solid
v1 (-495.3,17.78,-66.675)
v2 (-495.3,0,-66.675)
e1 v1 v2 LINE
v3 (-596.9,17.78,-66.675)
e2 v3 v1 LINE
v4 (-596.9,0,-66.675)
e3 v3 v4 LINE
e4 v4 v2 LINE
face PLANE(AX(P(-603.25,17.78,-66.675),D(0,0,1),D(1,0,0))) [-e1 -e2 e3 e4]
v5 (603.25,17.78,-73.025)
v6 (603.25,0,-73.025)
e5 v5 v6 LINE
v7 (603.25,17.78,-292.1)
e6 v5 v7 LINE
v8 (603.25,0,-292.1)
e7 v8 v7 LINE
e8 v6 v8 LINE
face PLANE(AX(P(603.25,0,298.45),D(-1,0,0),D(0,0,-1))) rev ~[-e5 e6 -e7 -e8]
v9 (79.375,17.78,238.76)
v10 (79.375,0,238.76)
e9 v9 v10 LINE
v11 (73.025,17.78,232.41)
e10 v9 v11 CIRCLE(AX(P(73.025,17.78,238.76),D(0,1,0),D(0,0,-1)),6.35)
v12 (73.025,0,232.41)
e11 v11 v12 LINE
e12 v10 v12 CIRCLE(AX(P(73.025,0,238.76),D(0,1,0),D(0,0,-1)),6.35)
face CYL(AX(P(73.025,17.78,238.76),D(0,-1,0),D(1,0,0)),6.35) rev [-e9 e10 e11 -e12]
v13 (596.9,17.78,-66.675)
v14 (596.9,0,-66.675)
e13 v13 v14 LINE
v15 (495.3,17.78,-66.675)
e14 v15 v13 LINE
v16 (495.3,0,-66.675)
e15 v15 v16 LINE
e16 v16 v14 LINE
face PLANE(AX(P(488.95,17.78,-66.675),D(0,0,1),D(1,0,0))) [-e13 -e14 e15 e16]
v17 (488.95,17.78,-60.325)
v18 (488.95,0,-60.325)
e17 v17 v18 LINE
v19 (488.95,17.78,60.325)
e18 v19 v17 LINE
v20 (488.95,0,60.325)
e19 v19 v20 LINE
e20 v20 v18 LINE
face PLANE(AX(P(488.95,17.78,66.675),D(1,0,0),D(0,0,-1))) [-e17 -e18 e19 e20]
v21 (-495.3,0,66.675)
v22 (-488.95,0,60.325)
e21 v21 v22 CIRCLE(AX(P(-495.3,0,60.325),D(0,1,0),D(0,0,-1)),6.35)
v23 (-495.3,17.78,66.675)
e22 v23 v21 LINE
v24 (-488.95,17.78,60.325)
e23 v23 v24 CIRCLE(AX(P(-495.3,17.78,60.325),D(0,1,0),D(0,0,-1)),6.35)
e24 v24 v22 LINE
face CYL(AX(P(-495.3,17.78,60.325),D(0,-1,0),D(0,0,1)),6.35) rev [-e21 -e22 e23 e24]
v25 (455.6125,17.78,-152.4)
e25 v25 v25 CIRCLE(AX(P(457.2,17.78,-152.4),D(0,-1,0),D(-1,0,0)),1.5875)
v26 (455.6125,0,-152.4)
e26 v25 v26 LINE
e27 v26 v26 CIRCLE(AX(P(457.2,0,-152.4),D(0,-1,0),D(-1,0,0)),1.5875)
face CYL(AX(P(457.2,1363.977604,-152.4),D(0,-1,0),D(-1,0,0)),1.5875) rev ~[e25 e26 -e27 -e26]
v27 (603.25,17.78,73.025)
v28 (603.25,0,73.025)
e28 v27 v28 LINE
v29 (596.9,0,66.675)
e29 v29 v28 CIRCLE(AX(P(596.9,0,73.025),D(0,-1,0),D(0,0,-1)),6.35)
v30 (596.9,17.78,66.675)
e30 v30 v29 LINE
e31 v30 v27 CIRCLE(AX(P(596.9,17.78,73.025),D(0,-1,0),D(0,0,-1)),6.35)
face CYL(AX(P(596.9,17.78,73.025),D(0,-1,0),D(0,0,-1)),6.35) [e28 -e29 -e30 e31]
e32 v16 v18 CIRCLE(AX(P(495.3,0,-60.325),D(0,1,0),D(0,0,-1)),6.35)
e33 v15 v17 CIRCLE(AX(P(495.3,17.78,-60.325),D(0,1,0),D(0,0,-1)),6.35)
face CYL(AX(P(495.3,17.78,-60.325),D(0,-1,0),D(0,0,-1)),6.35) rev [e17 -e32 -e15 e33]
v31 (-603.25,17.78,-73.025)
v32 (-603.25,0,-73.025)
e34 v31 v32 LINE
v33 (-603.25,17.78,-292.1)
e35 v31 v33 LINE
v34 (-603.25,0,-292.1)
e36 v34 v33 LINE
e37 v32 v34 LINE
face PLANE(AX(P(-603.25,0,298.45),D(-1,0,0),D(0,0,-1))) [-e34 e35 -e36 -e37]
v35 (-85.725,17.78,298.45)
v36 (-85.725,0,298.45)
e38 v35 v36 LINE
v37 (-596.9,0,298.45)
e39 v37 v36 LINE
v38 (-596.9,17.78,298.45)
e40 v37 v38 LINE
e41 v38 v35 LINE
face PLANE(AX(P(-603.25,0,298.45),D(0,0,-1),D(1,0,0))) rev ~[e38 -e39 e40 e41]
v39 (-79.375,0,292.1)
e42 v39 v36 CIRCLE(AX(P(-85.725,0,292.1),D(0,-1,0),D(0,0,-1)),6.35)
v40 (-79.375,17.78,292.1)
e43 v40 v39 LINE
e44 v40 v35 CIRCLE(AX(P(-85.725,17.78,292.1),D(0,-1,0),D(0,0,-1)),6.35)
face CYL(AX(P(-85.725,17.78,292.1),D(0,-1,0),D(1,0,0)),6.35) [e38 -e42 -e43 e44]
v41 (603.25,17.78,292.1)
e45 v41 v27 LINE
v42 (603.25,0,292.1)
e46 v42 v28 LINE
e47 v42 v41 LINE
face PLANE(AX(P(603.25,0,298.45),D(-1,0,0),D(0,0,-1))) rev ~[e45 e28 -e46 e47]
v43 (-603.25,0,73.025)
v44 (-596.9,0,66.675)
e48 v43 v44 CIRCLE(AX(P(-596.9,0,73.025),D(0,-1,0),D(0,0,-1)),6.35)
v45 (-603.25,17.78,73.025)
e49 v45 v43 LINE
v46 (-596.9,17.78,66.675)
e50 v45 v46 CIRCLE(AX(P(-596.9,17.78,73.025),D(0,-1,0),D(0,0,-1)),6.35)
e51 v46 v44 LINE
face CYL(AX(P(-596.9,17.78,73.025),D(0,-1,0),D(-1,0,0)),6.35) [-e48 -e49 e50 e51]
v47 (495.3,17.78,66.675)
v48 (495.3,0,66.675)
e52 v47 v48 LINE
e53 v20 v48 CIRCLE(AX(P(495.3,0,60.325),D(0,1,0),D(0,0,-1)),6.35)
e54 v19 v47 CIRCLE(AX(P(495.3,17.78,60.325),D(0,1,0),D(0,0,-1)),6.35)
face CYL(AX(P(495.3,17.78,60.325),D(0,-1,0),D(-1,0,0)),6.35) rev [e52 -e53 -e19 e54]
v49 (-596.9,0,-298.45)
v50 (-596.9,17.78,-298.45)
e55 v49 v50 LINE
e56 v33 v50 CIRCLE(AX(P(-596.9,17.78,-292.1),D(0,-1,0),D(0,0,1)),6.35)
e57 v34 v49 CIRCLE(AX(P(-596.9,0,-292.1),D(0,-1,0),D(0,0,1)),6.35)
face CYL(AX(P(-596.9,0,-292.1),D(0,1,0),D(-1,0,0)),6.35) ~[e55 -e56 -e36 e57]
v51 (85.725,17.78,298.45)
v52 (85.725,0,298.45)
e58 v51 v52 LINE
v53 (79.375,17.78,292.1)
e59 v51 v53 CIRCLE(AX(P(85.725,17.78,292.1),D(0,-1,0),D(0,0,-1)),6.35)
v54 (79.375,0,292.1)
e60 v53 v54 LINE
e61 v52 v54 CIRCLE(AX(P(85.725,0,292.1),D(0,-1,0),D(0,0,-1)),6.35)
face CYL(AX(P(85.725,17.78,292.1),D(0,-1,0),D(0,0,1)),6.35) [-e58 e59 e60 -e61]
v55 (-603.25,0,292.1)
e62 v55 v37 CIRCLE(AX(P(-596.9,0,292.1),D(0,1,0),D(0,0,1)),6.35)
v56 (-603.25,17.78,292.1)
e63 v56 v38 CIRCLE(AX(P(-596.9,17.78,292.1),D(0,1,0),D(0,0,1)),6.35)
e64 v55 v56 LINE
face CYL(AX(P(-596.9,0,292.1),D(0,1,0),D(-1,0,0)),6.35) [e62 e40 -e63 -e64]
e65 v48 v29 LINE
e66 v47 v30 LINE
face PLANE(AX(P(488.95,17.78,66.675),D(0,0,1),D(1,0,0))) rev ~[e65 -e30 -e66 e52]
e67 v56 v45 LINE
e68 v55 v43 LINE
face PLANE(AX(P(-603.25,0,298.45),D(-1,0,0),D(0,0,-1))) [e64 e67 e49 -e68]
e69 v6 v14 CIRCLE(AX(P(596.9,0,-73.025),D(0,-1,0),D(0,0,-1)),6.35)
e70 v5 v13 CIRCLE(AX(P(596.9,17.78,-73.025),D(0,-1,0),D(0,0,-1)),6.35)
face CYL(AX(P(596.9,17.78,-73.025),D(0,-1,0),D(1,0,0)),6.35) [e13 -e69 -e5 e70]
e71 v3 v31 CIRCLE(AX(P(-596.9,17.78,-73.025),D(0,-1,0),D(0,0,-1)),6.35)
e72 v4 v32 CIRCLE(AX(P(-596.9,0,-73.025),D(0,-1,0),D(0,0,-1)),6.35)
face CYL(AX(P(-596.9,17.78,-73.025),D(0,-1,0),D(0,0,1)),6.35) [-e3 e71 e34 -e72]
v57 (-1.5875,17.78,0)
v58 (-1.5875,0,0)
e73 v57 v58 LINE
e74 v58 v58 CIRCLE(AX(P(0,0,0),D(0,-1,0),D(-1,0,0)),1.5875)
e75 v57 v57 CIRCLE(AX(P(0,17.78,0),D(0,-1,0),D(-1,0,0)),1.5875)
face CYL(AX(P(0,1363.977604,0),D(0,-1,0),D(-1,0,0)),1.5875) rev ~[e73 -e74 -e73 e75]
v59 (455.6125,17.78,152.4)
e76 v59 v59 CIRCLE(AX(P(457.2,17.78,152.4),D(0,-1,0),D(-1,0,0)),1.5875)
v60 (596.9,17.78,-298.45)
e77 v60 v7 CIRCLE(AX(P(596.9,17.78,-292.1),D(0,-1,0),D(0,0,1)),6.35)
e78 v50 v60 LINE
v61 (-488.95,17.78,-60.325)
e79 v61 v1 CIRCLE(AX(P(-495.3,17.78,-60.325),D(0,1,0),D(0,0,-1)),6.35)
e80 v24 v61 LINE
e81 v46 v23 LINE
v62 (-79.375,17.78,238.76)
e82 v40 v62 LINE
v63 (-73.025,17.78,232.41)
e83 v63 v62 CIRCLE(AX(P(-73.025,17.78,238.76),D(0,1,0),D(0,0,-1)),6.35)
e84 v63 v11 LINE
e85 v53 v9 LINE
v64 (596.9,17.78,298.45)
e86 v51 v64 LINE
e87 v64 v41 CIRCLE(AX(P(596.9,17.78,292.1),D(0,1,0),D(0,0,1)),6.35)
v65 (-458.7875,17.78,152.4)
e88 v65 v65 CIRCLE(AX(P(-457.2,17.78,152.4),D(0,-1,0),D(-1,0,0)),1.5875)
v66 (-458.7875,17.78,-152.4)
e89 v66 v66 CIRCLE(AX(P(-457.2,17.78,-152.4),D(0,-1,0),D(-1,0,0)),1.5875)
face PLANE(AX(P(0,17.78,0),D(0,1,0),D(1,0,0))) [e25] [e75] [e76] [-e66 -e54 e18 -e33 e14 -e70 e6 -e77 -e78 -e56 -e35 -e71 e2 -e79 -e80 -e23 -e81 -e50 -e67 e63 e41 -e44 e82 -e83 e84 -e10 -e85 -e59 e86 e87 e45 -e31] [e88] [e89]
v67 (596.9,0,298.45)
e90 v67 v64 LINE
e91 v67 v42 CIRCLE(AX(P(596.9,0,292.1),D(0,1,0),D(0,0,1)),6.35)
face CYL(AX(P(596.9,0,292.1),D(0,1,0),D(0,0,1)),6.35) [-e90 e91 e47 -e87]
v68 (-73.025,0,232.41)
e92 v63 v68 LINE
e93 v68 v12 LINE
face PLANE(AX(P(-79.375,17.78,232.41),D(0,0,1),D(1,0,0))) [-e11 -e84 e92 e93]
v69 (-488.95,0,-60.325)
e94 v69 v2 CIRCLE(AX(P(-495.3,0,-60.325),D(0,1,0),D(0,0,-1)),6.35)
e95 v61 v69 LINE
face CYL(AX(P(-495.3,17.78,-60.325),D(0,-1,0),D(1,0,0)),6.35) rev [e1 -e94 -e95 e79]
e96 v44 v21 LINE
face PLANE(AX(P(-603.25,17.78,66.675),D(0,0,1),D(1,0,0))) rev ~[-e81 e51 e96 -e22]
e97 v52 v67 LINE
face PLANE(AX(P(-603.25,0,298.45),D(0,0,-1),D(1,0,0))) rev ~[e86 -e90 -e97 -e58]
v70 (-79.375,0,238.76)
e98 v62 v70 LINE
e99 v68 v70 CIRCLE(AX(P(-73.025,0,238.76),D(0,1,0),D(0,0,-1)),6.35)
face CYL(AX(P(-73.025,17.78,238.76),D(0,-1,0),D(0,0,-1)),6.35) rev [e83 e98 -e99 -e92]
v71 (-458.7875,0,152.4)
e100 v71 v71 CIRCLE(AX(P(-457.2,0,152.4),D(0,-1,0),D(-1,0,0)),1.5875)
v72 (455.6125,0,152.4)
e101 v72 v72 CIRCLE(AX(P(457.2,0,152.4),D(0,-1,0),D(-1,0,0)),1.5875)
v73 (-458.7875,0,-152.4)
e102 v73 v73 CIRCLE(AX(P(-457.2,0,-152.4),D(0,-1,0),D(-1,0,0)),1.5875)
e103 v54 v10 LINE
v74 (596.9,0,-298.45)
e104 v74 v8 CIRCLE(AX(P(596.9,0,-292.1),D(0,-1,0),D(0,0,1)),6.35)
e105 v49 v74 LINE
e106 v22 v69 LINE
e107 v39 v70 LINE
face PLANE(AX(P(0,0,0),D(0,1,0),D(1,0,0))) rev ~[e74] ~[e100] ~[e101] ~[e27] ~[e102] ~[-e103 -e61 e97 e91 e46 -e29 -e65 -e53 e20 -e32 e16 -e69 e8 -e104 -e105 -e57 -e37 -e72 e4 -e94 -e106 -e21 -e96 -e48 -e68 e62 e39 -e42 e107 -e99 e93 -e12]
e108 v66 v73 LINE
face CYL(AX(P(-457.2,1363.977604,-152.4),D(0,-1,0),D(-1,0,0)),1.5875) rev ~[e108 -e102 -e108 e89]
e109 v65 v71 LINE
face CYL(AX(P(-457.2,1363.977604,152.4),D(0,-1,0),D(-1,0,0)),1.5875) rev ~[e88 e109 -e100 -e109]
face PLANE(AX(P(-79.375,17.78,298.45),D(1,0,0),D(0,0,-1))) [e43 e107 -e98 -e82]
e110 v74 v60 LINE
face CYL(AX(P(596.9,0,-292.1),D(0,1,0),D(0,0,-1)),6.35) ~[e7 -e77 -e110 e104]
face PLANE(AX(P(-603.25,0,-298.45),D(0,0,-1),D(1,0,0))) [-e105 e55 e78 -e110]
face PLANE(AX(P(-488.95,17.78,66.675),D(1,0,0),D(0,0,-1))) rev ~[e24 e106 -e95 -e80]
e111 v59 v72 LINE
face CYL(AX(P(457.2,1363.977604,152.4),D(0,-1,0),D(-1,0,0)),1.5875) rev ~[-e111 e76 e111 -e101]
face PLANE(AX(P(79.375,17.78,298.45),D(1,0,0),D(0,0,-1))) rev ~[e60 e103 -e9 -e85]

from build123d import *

# Parameters (mm, degrees)
SKETCH1_W                    = 1206.5
SKETCH1_H                    = 596.9
BOSS_EXTRUDE1_DEPTH          = 17.78
F_1_8_0_125_DIAMETER_HOLE1_D = 3.175
FILLET1_R                    = 6.35
SKETCH4_W                    = 158.75
SKETCH4_H                    = 66.04
SKETCH4_W_2                  = 114.3
SKETCH4_H_2                  = 133.35
CUT_EXTRUDE1_DEPTH           = 18.78
FILLET2_R                    = 6.35


with BuildPart() as part:
    # Sketch1 → Boss-Extrude1 (new body)
    with BuildSketch(Plane(origin=(0, 0, 0), x_dir=(1, 0, 0), z_dir=(0, 1, 0))):
        Rectangle(SKETCH1_W, SKETCH1_H)
    extrude(amount=BOSS_EXTRUDE1_DEPTH)

    # 1/8 (0.125) Diameter Hole1 (through all)
    with Locations(Plane(origin=(0, 17.78, 0), x_dir=(1, 0, 0), z_dir=(0, 1, 0))):
        with Locations((0, 0), (457.2, 152.4), (-457.2, -152.4), (-457.2, 152.4), (457.2, -152.4)):
            Hole(F_1_8_0_125_DIAMETER_HOLE1_D / 2)

    # Fillet1
    fillet1_edges = [part.edges().sort_by_distance(p)[0] for p in [
        (603.25, 8.89, 298.45),
        (-603.25, 8.89, 298.45),
        (-603.25, 8.89, -298.45),
        (603.25, 8.89, -298.45),
    ]]
    fillet(fillet1_edges, radius=FILLET1_R)

    # Sketch4 → Cut-Extrude1 (cut, through all)
    with BuildSketch(Plane(origin=(0, 17.78, 0), x_dir=(1, 0, 0), z_dir=(0, 1, 0))):
        with Locations((0, -265.43)):
            Rectangle(SKETCH4_W, SKETCH4_H)
        with Locations((-546.1, 0)):
            Rectangle(SKETCH4_W_2, SKETCH4_H_2)
        with Locations((546.1, 0)):
            Rectangle(SKETCH4_W_2, SKETCH4_H_2)
    extrude(amount=-CUT_EXTRUDE1_DEPTH, mode=Mode.SUBTRACT)

    # Fillet2
    fillet2_edges = [part.edges().sort_by_distance(p)[0] for p in [
        (-488.95, 8.89, 66.675),
        (603.25, 8.89, -66.675),
        (603.25, 8.89, 66.675),
        (488.95, 8.89, 66.675),
        (488.95, 8.89, -66.675),
        (79.375, 8.89, 232.41),
        (79.375, 8.89, 298.45),
        (-79.375, 8.89, 298.45),
        (-79.375, 8.89, 232.41),
        (-603.25, 8.89, 66.675),
        (-603.25, 8.89, -66.675),
        (-488.95, 8.89, -66.675),
    ]]
    fillet(fillet2_edges, radius=FILLET2_R)


solid = part.part
